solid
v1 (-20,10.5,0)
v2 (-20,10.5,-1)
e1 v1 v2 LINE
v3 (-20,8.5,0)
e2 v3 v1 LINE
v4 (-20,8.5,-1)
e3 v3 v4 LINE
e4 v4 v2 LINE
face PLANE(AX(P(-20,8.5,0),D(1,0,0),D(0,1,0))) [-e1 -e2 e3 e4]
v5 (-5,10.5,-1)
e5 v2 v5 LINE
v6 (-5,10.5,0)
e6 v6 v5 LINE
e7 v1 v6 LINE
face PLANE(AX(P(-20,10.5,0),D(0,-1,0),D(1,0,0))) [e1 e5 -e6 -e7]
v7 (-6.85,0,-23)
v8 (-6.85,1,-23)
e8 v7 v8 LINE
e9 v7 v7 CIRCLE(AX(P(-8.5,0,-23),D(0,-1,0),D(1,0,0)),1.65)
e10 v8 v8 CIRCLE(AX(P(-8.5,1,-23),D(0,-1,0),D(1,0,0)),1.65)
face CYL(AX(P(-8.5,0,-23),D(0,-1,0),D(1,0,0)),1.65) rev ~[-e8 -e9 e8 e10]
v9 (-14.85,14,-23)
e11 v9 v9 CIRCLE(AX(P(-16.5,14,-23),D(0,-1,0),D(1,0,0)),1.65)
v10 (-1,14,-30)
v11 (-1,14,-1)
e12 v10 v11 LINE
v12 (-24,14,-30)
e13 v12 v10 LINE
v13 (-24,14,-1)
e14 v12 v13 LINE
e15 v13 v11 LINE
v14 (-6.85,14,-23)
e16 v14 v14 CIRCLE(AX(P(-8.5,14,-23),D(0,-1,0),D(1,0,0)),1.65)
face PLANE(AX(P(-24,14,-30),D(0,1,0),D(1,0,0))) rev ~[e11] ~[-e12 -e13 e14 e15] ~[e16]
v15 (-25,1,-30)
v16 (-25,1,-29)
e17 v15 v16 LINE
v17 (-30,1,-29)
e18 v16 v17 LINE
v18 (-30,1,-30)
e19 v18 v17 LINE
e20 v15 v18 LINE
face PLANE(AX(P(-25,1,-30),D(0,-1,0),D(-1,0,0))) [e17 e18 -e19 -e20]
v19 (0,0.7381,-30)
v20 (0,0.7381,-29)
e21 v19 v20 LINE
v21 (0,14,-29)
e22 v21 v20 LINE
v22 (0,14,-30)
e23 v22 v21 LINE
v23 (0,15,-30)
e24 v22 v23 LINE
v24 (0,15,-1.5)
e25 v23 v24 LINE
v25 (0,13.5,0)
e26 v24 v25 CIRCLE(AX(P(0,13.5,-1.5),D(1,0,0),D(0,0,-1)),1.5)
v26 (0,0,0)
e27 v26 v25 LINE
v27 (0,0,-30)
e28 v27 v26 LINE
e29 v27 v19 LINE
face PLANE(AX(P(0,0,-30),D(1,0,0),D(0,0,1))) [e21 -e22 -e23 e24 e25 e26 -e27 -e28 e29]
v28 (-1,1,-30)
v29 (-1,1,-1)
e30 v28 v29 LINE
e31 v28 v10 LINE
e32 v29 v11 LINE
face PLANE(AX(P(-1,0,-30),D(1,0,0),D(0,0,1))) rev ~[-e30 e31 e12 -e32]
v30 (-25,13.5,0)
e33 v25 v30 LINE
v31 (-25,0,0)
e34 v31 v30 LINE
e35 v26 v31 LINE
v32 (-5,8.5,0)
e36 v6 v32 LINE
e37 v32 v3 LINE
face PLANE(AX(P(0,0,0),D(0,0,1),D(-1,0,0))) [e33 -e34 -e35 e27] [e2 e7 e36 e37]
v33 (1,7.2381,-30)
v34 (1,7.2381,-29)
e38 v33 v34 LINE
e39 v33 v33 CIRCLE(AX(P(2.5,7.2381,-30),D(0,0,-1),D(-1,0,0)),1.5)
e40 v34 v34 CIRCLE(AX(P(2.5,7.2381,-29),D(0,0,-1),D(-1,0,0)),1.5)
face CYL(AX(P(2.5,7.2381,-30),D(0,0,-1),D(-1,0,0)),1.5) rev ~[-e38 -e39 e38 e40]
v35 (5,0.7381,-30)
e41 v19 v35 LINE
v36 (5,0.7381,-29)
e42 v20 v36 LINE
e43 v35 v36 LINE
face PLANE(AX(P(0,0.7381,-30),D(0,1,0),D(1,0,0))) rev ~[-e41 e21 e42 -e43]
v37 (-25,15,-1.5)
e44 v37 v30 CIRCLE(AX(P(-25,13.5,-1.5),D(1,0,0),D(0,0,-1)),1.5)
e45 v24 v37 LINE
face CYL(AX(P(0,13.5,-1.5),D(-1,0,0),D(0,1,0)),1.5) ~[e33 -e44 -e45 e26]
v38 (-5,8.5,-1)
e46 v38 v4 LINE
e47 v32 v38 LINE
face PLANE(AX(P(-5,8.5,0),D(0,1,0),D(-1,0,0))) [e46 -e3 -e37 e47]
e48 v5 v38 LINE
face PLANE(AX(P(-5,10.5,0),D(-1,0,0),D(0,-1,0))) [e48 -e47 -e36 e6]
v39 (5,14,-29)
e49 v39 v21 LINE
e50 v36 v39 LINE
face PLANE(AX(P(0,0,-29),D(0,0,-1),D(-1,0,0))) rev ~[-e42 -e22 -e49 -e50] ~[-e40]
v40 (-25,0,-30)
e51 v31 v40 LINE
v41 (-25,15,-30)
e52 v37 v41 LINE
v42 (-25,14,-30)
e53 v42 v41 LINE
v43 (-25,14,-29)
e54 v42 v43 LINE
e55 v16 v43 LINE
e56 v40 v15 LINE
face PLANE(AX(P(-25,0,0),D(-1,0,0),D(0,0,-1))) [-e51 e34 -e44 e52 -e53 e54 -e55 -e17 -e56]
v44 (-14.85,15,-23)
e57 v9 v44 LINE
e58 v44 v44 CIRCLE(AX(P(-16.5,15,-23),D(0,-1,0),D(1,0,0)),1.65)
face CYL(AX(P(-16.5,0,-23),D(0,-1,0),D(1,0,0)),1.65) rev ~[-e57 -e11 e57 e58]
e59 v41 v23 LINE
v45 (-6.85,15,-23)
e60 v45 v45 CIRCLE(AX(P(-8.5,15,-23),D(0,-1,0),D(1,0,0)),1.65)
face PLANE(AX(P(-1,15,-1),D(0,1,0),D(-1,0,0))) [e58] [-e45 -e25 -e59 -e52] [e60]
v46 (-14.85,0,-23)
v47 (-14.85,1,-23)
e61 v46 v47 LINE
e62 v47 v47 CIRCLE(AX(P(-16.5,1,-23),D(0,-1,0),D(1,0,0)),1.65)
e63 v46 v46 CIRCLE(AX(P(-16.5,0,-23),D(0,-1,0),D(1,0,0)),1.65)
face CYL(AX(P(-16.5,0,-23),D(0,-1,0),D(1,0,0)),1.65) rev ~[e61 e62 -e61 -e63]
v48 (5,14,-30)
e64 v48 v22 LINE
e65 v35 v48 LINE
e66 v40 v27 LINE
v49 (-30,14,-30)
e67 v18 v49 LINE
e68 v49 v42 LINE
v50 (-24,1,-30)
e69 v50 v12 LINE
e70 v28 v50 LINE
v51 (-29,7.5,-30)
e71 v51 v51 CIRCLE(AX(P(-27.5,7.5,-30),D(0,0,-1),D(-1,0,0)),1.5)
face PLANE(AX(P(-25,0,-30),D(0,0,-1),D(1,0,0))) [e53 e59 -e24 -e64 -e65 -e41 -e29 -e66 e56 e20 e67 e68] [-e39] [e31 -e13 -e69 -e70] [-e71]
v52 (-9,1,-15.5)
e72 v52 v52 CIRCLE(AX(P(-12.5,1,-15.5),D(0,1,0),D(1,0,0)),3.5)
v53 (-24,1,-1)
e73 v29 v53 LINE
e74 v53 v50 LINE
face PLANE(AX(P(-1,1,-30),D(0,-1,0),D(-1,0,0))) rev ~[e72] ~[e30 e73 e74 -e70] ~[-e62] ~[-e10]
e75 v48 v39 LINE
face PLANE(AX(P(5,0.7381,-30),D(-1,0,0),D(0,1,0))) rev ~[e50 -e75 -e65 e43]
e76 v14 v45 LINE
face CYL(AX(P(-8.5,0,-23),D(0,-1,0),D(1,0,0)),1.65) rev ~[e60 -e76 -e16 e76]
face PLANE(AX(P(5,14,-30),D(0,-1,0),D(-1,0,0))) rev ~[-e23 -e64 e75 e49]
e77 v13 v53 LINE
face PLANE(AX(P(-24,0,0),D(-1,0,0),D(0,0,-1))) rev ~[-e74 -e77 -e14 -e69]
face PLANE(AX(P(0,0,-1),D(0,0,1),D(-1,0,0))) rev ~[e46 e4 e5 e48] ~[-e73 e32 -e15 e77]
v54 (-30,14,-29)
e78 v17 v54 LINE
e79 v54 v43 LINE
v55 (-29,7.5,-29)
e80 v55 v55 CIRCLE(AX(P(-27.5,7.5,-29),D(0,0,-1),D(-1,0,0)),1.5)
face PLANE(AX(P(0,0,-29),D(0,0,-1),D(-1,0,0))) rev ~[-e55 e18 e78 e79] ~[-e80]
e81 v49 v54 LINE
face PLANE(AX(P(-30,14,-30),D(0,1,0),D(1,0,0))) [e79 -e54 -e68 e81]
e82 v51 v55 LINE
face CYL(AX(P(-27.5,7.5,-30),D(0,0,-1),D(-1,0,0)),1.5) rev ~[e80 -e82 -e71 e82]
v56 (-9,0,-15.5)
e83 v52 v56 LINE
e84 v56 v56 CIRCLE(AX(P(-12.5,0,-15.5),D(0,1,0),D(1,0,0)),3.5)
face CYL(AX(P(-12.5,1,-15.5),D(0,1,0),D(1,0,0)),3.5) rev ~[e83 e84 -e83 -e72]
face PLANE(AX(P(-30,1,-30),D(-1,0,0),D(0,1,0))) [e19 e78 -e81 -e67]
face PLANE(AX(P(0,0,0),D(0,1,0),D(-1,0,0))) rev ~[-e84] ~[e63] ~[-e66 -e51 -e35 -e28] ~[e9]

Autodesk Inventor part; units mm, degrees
ref_plane "YZ Plane" through (0, 0, 0) normal (1, 0, 0) x (0, 1, 0)
ref_plane "XZ Plane" through (0, 0, 0) normal (0, 1, 0) x (-1, 0, 0)
ref_plane "XY Plane" through (0, 0, 0) normal (0, 0, 1) x (1, 0, 0)
sketch "Esboço1" plane through (0, 0, 0) normal (0, 1, 0) x (-1, 0, 0)
  line L0 (0, 0) -> (25, 0)
  line L1 (25, 0) -> (25, -30)
  line L2 (25, -30) -> (0, -30)
  line L3 (0, -30) -> (0, 0)
  dimension "d0" = 25
  dimension "d1" = 30
extrude "Extrusão1" add sketch "Esboço1" along normal blind 15
shell "Casca1" thickness 1 removed faces 1 at (-8.3333, 15, -10)
sketch "Esboço4" plane through (-24, 1, -1) normal (0, 1, 0) x (1, 0, 0)
  line L0 (24, 29) -> (-1, 29) projected
  line L1 (-1, 29) -> (-1, -1) projected
  circle A0 centre (11.5, 14.5) radius 3.5
  point P0 (24, -1)
  point P1 (1, 29)
  dimension "d17" = 7
  dimension "d20" = 12.5
  dimension "d21" = 14.5
extrude "Extrusão4" cut sketch "Esboço4" against normal blind 5
sketch "Esboço10" plane through (0, 0, 0) normal (0, -1, 0) x (1, 0, 0)
  circle A0 centre (-12.5, -15.5) radius 3.5 projected
  circle A1 centre (-16.5, -23) radius 1.65
  circle A2 centre (-8.5, -23) radius 1.65
  point P0 (0, 0)
  dimension "d72" = 3.3
  dimension "d73" = 3.3
  dimension "d113" = 7.5
  dimension "d114" = 4
extrude "Extrusão10" cut sketch "Esboço10" against normal blind 10 contours A1 | A2
sketch "Esboço11" plane through (0, 0, -30) normal (0, 0, -1) x (-1, 0, 0)
  line L0 (1, 1) -> (1, 15) projected
  line L1 (24, 1) -> (24, 15) projected
  line L2 (1, 1) -> (24, 1)
  line L3 (24, 1) -> (24, 14)
  line L4 (24, 14) -> (1, 14)
  line L5 (1, 14) -> (1, 1)
  line L6 (0, 15) -> (25, 15) projected
  point P0 (0, 0)
  dimension "d80" = 1
extrude "Extrusão11" cut sketch "Esboço11" against normal blind 10 contours L0 L4 L1 L2
sketch "Esboço12" plane through (-1, 1, -1) normal (0, 0, -1) x (-1, 0, 0)
  line L0 (0, 13) -> (0, 14) projected
  line L1 (0, 14) -> (23, 14)
  line L2 (23, 14) -> (23, 13)
  line L3 (23, 13) -> (0, 13)
  line L4 (0, 13) -> (0, 14)
  point P0 (-1, -1)
extrude "Extrusão12" add sketch "Esboço12" along normal up to surface (28 mm away)
sketch "Esboço13" plane through (0, 0, 0) normal (0, -1, 0) x (1, 0, 0)
  circle A0 centre (-16.5, -23) radius 1.65 projected
  circle A1 centre (-16.5, -23) radius 1.65
  circle A2 centre (-8.5, -23) radius 1.65 projected
  circle A3 centre (-8.5, -23) radius 1.65
  point P0 (0, 0)
extrude "Extrusão13" cut sketch "Esboço13" against normal up to surface (15 mm away)
sketch "Esboço14" plane through (0, 0, -30) normal (0, 0, -1) x (-1, 0, 0)
  line L0 (0, 0.7381) -> (-5, 0.7381)
  line L1 (-5, 0.7381) -> (-5, 14)
  line L2 (-5, 14) -> (0, 14)
  line L3 (0, 14) -> (0, 0.7381)
  line L4 (1, 14) -> (24, 14) projected
  line L5 (25, 0) -> (25, 15) projected
  line L6 (25, 1) -> (30, 1)
  line L7 (30, 1) -> (30, 14)
  line L8 (30, 14) -> (25, 14)
  line L9 (25, 14) -> (25, 1)
  line L10 (24, 1) -> (1, 1) projected
  point P0 (0, 0)
  dimension "d88" = 5
  dimension "d89" = 0
  dimension "d90" = 5
  dimension "d91" = 0
  dimension "d92" = 0
extrude "Extrusão14" add sketch "Esboço14" against normal blind 1
sketch "Esboço15" plane through (0, 0, -30) normal (0, 0, -1) x (-1, 0, 0)
  circle A0 centre (27.5, 7.5) radius 1.5
  circle A1 centre (-2.5, 7.2381) radius 1.5
  line L0 (25, 1) -> (30, 1) projected
  line L1 (0, 0.7381) -> (-5, 0.7381) projected
  line L2 (-5, 0.7381) -> (-5, 14) projected
  line L3 (30, 1) -> (30, 14) projected
  point P0 (0, 0)
  dimension "d95" = 3
  dimension "d96" = 3
  dimension "d97" = 6.5
  dimension "d98" = 6.5
  dimension "d99" = 2.5
  dimension "d100" = 2.5
extrude "Extrusão15" cut sketch "Esboço15" against normal blind 1
fillet "Arredondamento4" radius 1.5 1 edges at (-12.5, 15, 0)
sketch "Esboço16" plane through (-25, 0, 0) normal (0, 0, 1) x (1, 0, 0)
  line L0 (5, 10.5) -> (20, 10.5)
  line L1 (20, 10.5) -> (20, 8.5)
  line L2 (20, 8.5) -> (5, 8.5)
  line L3 (5, 8.5) -> (5, 10.5)
  line L4 (25, 0) -> (25, 13.5) projected
  line L5 (0, 13.5) -> (25, 13.5) projected
  dimension "d115" = 15
  dimension "d116" = 2
  dimension "d117" = 5
  dimension "d118" = 3
extrude "Extrusão16" cut sketch "Esboço16" against normal blind 1
properties part number "Caixa do sensor de temperatura"
